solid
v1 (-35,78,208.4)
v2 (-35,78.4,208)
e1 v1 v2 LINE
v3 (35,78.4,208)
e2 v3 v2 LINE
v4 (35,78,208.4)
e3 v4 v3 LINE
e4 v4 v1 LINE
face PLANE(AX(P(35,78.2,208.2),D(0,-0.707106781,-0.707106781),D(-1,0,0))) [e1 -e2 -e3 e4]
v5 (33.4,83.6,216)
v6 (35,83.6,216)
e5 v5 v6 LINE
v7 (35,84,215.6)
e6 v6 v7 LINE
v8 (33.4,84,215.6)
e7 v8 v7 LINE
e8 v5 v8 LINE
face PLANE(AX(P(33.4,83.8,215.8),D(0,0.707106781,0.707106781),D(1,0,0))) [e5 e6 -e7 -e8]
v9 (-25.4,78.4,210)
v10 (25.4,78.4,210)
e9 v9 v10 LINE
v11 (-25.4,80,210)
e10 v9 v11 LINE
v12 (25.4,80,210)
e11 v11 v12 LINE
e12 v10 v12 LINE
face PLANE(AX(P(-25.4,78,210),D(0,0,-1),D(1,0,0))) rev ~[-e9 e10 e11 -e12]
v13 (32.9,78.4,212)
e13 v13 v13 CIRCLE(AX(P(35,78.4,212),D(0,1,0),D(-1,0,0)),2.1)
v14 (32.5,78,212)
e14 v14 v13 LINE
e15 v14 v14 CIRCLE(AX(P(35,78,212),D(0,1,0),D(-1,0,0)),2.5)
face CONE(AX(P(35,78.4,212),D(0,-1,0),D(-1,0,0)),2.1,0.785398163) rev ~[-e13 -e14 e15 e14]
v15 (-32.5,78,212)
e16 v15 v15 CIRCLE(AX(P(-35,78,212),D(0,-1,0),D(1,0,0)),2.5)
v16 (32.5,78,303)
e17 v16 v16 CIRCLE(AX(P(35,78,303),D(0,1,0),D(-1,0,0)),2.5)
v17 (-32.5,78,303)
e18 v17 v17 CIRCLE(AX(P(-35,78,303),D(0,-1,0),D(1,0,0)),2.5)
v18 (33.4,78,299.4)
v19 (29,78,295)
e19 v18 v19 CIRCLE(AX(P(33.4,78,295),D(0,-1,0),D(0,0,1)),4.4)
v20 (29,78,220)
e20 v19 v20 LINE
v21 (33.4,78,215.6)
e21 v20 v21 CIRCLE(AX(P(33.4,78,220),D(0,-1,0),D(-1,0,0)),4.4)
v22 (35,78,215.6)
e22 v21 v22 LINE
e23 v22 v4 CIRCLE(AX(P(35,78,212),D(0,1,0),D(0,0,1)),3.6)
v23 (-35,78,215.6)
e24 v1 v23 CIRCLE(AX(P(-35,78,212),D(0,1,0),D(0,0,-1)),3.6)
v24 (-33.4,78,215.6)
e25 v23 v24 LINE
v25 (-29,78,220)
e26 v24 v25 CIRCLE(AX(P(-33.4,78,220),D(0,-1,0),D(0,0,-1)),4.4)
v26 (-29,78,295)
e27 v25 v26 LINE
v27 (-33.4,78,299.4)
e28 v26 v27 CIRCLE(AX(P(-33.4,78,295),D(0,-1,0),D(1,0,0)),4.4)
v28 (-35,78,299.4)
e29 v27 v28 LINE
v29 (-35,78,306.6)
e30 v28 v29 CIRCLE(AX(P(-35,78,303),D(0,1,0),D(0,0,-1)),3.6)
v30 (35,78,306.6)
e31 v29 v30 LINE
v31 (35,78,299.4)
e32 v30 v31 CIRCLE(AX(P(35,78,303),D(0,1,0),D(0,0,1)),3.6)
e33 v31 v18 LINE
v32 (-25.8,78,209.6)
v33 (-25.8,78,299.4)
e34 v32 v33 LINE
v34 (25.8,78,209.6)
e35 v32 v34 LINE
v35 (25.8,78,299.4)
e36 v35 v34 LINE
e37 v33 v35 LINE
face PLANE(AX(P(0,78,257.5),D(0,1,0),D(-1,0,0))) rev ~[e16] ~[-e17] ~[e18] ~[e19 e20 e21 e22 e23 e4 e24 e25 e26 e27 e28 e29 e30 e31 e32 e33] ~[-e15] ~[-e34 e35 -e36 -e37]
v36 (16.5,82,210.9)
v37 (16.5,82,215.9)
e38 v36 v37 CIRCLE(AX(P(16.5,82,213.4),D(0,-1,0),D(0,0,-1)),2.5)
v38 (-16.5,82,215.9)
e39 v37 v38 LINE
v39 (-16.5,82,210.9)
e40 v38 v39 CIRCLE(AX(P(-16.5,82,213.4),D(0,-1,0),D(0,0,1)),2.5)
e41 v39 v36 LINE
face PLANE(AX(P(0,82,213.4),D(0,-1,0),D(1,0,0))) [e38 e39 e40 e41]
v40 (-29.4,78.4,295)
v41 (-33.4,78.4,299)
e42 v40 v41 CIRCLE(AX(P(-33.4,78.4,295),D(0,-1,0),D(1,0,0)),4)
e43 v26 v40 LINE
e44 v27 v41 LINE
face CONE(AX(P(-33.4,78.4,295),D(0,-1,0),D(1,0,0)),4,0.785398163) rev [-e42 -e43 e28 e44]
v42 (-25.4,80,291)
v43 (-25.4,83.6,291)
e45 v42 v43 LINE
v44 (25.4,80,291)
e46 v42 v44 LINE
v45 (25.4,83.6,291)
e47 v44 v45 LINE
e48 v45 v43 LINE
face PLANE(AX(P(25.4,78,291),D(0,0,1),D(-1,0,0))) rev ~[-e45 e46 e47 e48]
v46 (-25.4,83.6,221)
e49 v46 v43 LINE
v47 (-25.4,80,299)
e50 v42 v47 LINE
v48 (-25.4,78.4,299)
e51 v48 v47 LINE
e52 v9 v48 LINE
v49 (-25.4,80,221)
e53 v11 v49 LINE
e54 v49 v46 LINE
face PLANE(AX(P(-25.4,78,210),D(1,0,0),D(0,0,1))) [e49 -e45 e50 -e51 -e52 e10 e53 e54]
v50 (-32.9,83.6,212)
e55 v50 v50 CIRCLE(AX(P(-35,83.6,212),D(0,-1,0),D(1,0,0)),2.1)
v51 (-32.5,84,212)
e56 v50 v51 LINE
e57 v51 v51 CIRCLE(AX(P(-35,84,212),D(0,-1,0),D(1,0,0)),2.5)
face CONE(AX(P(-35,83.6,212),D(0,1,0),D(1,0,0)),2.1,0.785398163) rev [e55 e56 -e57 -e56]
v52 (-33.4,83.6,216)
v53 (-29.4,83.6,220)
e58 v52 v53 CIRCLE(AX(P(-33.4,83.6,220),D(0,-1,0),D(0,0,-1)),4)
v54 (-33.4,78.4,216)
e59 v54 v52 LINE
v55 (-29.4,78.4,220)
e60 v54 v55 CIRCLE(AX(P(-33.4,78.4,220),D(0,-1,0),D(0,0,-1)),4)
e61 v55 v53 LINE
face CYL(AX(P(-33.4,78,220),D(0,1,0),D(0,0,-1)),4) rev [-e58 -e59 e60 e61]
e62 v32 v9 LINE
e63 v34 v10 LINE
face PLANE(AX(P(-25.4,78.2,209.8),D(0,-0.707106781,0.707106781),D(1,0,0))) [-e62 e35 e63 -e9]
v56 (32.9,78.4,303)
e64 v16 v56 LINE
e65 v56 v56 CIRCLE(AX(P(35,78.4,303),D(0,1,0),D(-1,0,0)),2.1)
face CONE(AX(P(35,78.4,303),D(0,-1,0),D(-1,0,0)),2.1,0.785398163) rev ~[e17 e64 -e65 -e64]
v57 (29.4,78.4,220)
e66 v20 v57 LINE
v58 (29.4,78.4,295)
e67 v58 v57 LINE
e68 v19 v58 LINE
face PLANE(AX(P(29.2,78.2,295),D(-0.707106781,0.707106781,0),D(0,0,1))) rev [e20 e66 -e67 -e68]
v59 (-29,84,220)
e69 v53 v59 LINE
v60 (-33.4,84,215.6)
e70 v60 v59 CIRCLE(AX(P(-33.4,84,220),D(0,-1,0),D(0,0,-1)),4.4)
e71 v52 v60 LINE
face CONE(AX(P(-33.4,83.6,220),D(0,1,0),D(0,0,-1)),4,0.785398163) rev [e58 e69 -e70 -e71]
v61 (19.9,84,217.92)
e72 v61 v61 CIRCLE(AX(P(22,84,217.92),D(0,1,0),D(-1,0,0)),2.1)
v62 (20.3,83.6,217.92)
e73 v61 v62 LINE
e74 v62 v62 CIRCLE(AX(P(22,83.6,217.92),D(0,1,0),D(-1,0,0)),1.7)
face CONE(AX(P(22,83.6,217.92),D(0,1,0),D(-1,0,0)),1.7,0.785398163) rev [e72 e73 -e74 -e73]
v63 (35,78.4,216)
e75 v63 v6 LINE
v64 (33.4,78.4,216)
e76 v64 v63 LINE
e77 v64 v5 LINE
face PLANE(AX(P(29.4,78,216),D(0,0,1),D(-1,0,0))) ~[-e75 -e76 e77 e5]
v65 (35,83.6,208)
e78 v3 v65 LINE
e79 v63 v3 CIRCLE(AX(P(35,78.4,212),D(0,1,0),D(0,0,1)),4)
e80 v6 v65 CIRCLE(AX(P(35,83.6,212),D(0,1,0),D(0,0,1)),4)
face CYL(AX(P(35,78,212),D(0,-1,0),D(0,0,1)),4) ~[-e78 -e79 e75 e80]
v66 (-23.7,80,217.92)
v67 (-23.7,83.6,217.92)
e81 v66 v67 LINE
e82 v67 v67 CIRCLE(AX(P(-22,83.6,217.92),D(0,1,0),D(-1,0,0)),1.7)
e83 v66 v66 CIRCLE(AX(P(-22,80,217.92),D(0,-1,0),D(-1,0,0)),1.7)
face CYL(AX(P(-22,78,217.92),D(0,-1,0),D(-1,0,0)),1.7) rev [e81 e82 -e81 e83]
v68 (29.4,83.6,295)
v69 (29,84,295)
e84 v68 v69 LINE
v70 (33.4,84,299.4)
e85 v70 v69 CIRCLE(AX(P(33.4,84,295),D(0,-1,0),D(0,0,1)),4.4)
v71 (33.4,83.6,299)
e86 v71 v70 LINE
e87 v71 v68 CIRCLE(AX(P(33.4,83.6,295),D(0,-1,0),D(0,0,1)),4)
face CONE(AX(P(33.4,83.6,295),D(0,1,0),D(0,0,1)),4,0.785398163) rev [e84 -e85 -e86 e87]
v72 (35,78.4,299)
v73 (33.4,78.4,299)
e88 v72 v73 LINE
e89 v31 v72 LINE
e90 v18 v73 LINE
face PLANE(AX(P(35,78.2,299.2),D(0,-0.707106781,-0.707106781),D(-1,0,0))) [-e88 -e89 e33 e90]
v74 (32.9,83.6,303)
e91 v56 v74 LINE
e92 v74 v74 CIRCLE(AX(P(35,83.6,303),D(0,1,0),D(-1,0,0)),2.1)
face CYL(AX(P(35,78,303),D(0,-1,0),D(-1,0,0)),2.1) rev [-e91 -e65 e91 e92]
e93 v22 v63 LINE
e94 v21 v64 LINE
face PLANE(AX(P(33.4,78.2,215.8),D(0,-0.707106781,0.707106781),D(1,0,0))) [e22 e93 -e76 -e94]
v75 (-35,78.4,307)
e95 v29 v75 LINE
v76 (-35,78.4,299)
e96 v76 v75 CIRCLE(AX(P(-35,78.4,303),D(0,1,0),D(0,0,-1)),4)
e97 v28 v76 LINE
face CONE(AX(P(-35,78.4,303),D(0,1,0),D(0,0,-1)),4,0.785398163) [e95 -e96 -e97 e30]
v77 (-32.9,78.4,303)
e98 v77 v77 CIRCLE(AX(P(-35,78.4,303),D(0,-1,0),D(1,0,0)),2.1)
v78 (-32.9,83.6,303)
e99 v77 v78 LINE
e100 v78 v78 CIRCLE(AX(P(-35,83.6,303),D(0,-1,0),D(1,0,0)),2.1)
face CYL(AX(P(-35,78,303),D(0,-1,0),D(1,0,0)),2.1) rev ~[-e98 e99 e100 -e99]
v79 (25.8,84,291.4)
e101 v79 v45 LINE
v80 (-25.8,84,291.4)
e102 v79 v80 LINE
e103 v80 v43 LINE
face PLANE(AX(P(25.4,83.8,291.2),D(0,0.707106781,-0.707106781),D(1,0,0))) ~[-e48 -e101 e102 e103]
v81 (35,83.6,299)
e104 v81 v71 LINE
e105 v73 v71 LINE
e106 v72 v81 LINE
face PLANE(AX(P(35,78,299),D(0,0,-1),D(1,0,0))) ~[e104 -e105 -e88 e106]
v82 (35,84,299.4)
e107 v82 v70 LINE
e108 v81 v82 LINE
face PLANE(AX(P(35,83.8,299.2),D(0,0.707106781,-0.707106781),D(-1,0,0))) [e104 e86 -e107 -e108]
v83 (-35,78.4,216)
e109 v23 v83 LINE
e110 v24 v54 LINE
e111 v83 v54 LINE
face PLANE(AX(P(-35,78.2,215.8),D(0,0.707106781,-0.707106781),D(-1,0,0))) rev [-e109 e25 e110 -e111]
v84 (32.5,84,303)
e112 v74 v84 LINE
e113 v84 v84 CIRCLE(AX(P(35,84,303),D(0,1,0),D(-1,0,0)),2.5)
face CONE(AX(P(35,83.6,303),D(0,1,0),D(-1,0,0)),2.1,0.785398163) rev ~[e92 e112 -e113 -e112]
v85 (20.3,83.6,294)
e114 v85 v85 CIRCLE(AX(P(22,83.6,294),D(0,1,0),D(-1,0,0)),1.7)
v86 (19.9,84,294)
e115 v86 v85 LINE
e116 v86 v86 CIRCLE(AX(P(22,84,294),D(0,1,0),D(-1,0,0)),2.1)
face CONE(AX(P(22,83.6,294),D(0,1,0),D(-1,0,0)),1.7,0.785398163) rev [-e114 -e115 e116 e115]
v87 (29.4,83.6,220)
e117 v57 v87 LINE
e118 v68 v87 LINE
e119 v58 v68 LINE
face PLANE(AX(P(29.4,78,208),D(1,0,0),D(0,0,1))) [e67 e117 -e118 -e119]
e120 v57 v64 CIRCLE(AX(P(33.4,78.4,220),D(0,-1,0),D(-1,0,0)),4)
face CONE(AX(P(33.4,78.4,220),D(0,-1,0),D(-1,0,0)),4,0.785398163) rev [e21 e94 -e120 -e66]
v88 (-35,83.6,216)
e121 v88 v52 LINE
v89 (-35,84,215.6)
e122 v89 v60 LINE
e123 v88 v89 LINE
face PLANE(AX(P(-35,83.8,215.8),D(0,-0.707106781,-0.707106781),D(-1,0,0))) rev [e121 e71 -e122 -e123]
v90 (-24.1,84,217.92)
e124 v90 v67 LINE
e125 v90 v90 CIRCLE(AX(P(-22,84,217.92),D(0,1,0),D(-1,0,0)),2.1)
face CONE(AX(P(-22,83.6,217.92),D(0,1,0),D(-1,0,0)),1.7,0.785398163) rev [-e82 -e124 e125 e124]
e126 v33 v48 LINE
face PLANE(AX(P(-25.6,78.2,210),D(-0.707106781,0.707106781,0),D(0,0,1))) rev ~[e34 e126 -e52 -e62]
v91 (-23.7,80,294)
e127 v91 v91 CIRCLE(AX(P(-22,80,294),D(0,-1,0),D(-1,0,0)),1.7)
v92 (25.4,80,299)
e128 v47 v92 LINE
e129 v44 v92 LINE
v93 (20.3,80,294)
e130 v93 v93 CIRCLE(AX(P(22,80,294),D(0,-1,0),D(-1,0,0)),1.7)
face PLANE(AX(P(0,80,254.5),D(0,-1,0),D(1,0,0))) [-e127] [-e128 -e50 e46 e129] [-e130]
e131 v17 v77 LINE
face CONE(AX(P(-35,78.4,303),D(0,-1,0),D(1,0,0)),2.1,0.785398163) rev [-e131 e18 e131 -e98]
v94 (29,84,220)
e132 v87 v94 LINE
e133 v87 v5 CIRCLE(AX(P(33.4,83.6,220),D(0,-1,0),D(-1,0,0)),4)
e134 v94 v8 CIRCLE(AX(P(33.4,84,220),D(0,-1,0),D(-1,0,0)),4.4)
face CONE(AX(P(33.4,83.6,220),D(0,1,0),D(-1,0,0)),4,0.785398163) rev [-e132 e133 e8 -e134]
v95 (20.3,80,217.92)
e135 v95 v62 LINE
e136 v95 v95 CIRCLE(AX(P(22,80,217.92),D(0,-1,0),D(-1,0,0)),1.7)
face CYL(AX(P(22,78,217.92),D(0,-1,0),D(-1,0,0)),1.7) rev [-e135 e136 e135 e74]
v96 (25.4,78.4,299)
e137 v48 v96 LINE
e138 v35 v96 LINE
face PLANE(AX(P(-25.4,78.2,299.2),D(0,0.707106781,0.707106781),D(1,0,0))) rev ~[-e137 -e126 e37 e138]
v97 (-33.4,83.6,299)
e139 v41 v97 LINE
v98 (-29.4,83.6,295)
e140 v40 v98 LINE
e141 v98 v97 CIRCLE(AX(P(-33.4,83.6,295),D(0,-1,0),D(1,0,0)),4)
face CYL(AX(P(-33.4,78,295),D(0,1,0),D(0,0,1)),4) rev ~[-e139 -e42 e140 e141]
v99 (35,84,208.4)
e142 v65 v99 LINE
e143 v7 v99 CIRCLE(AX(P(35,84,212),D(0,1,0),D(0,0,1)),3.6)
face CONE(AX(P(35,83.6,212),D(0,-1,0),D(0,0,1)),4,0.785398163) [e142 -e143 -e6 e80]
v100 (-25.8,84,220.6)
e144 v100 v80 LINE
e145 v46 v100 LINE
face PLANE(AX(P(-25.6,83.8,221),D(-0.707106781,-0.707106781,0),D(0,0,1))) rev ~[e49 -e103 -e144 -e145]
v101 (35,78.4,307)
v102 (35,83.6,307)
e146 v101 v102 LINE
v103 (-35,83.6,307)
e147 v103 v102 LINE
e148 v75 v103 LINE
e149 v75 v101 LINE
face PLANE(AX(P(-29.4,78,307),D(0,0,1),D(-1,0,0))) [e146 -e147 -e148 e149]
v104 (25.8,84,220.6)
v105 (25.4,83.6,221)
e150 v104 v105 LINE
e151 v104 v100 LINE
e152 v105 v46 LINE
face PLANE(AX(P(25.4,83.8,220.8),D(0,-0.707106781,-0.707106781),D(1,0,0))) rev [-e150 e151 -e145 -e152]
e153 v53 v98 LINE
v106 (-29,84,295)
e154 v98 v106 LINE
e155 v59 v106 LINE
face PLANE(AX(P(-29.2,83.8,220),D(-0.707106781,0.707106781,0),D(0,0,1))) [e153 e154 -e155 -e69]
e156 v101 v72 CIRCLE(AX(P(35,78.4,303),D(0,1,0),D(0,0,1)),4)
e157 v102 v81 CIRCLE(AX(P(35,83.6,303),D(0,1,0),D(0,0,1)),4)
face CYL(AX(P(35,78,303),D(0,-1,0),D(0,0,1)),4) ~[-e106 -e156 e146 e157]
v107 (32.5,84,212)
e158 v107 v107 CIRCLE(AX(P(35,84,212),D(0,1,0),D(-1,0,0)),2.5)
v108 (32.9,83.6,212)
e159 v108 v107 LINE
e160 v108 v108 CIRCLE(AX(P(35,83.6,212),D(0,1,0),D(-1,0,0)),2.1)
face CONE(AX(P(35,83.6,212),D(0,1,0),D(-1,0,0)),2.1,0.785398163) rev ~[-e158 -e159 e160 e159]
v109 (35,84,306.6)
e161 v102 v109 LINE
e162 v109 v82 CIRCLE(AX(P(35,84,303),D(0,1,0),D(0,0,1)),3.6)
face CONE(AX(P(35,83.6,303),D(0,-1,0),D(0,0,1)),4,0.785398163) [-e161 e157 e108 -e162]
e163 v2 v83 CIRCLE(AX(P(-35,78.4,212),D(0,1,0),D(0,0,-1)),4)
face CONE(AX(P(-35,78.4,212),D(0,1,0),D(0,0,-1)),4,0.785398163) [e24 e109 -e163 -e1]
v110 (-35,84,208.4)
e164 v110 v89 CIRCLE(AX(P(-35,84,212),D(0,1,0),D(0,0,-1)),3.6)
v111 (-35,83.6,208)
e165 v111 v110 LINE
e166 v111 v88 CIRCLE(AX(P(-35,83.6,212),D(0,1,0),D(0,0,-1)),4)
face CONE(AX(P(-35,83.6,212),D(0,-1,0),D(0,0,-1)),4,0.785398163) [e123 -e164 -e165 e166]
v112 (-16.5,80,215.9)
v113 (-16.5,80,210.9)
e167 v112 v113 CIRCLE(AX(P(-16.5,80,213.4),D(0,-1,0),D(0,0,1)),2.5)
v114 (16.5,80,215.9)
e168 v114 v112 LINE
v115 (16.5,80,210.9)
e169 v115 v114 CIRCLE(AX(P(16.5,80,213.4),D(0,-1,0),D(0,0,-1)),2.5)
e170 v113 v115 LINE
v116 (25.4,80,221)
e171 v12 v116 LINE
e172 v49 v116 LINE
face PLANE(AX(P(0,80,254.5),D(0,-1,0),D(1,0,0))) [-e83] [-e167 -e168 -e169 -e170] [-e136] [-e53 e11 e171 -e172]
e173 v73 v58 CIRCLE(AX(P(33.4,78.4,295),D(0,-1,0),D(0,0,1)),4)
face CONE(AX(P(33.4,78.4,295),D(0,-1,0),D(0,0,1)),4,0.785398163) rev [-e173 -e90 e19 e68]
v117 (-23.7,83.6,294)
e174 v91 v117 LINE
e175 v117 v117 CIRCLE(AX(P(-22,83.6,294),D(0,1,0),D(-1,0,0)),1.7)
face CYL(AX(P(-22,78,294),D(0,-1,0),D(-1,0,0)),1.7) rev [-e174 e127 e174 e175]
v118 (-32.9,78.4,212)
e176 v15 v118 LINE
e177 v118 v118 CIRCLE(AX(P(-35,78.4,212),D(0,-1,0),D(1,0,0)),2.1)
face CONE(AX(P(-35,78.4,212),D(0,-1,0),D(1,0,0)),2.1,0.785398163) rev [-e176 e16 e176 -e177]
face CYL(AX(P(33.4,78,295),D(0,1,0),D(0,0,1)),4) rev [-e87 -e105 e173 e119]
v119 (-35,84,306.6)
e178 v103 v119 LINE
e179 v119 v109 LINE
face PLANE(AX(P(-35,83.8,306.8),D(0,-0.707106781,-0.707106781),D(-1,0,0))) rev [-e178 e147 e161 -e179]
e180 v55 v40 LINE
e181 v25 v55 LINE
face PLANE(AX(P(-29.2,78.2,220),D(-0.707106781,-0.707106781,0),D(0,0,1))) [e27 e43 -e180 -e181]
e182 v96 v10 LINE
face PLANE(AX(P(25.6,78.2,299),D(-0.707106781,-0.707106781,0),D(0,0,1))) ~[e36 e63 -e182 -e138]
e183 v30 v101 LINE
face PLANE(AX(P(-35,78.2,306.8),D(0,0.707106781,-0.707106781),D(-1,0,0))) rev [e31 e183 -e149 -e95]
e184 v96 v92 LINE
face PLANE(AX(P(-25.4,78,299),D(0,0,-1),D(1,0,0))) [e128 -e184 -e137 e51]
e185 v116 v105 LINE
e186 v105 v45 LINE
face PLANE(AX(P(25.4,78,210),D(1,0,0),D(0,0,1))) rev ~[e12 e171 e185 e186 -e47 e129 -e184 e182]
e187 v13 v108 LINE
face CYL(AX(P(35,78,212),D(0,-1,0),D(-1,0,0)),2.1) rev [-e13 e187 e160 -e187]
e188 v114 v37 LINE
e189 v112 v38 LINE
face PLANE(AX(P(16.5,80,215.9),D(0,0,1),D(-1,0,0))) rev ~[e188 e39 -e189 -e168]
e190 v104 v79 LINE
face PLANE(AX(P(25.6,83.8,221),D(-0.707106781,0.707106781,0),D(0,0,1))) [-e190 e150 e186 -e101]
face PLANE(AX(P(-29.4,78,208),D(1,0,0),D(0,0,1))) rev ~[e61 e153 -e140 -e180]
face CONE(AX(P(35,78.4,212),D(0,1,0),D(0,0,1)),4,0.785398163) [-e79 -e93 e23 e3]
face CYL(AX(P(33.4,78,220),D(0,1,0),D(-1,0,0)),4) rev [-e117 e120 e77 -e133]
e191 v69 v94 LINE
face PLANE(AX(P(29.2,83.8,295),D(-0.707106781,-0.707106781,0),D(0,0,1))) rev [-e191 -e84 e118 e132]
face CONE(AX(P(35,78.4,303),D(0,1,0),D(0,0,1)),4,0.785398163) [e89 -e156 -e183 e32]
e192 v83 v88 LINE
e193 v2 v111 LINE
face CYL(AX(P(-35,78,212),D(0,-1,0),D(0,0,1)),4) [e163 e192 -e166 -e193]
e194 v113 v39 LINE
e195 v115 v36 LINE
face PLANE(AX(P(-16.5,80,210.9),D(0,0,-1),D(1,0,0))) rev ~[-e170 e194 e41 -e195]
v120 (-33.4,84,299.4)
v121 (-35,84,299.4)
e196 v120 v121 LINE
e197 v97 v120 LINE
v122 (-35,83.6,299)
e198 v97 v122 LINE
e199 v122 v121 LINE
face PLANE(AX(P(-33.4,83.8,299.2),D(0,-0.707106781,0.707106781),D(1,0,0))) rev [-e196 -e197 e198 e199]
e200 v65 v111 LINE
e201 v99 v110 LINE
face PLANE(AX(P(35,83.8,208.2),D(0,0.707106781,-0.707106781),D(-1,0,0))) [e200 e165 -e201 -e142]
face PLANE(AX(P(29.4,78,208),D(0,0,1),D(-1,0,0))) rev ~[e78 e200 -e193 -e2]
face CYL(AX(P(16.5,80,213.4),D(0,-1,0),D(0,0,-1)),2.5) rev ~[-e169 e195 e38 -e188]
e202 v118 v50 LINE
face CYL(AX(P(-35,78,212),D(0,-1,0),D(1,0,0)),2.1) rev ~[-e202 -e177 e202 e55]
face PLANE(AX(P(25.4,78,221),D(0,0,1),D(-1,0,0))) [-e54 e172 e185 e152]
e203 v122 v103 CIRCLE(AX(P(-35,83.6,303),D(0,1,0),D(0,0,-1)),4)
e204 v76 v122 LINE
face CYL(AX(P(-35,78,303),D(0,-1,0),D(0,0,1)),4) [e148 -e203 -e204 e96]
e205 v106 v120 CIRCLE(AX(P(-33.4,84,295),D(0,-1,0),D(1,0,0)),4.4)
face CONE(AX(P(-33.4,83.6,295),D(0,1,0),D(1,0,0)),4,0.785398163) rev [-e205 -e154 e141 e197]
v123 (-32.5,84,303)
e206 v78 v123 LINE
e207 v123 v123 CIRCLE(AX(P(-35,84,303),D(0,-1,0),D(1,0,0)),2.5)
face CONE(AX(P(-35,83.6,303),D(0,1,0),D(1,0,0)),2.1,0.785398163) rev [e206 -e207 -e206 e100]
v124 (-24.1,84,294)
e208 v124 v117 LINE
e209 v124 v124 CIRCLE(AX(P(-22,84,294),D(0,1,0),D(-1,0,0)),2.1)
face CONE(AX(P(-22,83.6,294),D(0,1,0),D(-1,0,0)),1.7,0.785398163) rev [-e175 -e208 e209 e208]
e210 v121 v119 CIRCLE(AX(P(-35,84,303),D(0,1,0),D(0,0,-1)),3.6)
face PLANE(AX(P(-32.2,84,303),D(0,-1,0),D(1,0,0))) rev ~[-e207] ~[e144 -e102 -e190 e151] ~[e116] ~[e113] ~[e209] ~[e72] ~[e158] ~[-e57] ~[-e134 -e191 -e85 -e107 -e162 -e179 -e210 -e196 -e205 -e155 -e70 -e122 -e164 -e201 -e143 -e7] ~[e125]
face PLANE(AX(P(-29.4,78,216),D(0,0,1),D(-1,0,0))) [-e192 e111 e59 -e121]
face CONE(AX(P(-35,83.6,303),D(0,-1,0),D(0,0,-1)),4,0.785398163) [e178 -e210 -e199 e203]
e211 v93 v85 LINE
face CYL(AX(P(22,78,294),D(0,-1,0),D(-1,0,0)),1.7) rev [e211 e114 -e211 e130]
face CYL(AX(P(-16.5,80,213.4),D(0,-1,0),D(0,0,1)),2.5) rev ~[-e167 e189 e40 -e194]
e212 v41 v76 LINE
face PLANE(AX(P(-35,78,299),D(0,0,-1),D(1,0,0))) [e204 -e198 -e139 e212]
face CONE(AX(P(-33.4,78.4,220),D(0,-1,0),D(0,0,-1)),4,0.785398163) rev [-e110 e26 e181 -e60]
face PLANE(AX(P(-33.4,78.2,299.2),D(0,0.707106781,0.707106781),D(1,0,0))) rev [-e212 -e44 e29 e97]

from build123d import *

# Parameters (mm, degrees)
SKETCH210_W     = 58.8
SKETCH210_H     = 99
SKETCH210_R     = 1.7
SKETCH210_W_2   = 50.8
SKETCH210_H_2   = 70
PAD109_DEPTH    = 6
SKETCH211_R     = 2.1
PAD110_DEPTH    = 6
SKETCH212_W     = 50.8
SKETCH212_H     = 89
POCKET044_DEPTH = 2
POCKET045_DEPTH = 2
FILLET_R        = 4
CHAMFER074_SIZE = 0.4


with BuildPart() as part:
    # Sketch210 (on Binder) → Pad109 (new body)
    with BuildSketch(Plane(origin=(0, 78, 0), x_dir=(-1, 0, 0), z_dir=(0, 1, 0))):
        with Locations((0, 257.5)):
            Rectangle(SKETCH210_W, SKETCH210_H)
        with Locations((-22, 217.92)):
            Circle(SKETCH210_R, mode=Mode.SUBTRACT)
        with Locations((22, 217.92)):
            Circle(SKETCH210_R, mode=Mode.SUBTRACT)
        with Locations((22, 294)):
            Circle(SKETCH210_R, mode=Mode.SUBTRACT)
        with Locations((-22, 294)):
            Circle(SKETCH210_R, mode=Mode.SUBTRACT)
        with Locations((0, 256)):
            Rectangle(SKETCH210_W_2, SKETCH210_H_2, mode=Mode.SUBTRACT)
    extrude(amount=PAD109_DEPTH)

    # Sketch211 (on Face13 of Pad109) → Pad110 (join)
    with BuildSketch(Plane.XZ.offset(-78)):
        with BuildLine():
            ThreePointArc((-29.4, 299), (-25.4, 303), (-29.4, 307))
            Line((-29.4, 307), (-35, 307))
            ThreePointArc((-35, 307), (-39, 303), (-35, 299))
            Line((-35, 299), (-29.4, 299))
        make_face()
        with Locations((-35, 303)):
            Circle(SKETCH211_R, mode=Mode.SUBTRACT)
        with BuildLine():
            ThreePointArc((-29.4, 208), (-25.4, 212), (-29.4, 216))
            Line((-29.4, 216), (-35, 216))
            ThreePointArc((-35, 216), (-39, 212), (-35, 208))
            Line((-35, 208), (-29.4, 208))
        make_face()
        with Locations((-35, 212)):
            Circle(SKETCH211_R, mode=Mode.SUBTRACT)
    pad110 = extrude(amount=-PAD110_DEPTH)

    # Mirrored: Pad110 across YZ
    add(pad110.mirror(Plane.YZ))

    # Sketch212 (on Face6 of Mirrored) → Pocket044 (cut)
    with BuildSketch(Plane.XZ.offset(-78)):
        with Locations((0, 254.5)):
            Rectangle(SKETCH212_W, SKETCH212_H)
    extrude(amount=-POCKET044_DEPTH, mode=Mode.SUBTRACT)

    # Sketch213 (on Face28 of Pocket044) → Pocket045 (cut)
    with BuildSketch(Plane.XZ.offset(-80)):
        with BuildLine():
            ThreePointArc((-16.5, 215.9), (-19, 213.4), (-16.5, 210.9))
            Line((-16.5, 210.9), (16.5, 210.9))
            ThreePointArc((16.5, 210.9), (19, 213.4), (16.5, 215.9))
            Line((16.5, 215.9), (-16.5, 215.9))
        make_face()
    extrude(amount=-POCKET045_DEPTH, mode=Mode.SUBTRACT)

    # Fillet
    fillet_edges = [part.edges().sort_by_distance(p)[0] for p in [
        (-29.4, 81, 216),
        (-29.4, 81, 299),
        (29.4, 81, 299),
        (29.4, 81, 216),
    ]]
    fillet(fillet_edges, radius=FILLET_R)

    # Chamfer074
    chamfer074_edges = [part.edges().sort_by_distance(p)[0] for p in [
        (34.2, 84, 216),
        (30.571573, 84, 217.171573),
        (39, 84, 212),
        (29.4, 84, 257.5),
        (0, 84, 208),
        (30.571573, 84, 297.828427),
        (-39, 84, 212),
        (34.2, 84, 299),
        (-34.2, 84, 216),
        (39, 84, 303),
        (-30.571573, 84, 217.171573),
        (0, 84, 307),
        (-29.4, 84, 257.5),
        (-39, 84, 303),
        (-30.571573, 84, 297.828427),
        (-34.2, 84, 299),
        (0, 84, 291),
        (-25.4, 84, 256),
        (0, 84, 221),
        (25.4, 84, 256),
        (-37.1, 84, 212),
        (-37.1, 84, 303),
        (37.1, 84, 212),
        (37.1, 84, 303),
        (-20.3, 84, 294),
        (23.7, 84, 294),
        (-20.3, 84, 217.92),
        (23.7, 84, 217.92),
        (34.2, 78, 216),
        (30.571573, 78, 217.171573),
        (39, 78, 212),
        (29.4, 78, 257.5),
        (0, 78, 208),
        (30.571573, 78, 297.828427),
        (-39, 78, 212),
        (34.2, 78, 299),
        (-34.2, 78, 216),
        (39, 78, 303),
        (-30.571573, 78, 217.171573),
        (0, 78, 307),
        (-29.4, 78, 257.5),
        (-39, 78, 303),
        (-30.571573, 78, 297.828427),
        (-34.2, 78, 299),
        (-37.1, 78, 303),
        (-37.1, 78, 212),
        (37.1, 78, 303),
        (25.4, 78, 254.5),
        (0, 78, 299),
        (-25.4, 78, 254.5),
        (0, 78, 210),
        (37.1, 78, 212),
    ]]
    chamfer(chamfer074_edges, length=CHAMFER074_SIZE)


solid = part.part
